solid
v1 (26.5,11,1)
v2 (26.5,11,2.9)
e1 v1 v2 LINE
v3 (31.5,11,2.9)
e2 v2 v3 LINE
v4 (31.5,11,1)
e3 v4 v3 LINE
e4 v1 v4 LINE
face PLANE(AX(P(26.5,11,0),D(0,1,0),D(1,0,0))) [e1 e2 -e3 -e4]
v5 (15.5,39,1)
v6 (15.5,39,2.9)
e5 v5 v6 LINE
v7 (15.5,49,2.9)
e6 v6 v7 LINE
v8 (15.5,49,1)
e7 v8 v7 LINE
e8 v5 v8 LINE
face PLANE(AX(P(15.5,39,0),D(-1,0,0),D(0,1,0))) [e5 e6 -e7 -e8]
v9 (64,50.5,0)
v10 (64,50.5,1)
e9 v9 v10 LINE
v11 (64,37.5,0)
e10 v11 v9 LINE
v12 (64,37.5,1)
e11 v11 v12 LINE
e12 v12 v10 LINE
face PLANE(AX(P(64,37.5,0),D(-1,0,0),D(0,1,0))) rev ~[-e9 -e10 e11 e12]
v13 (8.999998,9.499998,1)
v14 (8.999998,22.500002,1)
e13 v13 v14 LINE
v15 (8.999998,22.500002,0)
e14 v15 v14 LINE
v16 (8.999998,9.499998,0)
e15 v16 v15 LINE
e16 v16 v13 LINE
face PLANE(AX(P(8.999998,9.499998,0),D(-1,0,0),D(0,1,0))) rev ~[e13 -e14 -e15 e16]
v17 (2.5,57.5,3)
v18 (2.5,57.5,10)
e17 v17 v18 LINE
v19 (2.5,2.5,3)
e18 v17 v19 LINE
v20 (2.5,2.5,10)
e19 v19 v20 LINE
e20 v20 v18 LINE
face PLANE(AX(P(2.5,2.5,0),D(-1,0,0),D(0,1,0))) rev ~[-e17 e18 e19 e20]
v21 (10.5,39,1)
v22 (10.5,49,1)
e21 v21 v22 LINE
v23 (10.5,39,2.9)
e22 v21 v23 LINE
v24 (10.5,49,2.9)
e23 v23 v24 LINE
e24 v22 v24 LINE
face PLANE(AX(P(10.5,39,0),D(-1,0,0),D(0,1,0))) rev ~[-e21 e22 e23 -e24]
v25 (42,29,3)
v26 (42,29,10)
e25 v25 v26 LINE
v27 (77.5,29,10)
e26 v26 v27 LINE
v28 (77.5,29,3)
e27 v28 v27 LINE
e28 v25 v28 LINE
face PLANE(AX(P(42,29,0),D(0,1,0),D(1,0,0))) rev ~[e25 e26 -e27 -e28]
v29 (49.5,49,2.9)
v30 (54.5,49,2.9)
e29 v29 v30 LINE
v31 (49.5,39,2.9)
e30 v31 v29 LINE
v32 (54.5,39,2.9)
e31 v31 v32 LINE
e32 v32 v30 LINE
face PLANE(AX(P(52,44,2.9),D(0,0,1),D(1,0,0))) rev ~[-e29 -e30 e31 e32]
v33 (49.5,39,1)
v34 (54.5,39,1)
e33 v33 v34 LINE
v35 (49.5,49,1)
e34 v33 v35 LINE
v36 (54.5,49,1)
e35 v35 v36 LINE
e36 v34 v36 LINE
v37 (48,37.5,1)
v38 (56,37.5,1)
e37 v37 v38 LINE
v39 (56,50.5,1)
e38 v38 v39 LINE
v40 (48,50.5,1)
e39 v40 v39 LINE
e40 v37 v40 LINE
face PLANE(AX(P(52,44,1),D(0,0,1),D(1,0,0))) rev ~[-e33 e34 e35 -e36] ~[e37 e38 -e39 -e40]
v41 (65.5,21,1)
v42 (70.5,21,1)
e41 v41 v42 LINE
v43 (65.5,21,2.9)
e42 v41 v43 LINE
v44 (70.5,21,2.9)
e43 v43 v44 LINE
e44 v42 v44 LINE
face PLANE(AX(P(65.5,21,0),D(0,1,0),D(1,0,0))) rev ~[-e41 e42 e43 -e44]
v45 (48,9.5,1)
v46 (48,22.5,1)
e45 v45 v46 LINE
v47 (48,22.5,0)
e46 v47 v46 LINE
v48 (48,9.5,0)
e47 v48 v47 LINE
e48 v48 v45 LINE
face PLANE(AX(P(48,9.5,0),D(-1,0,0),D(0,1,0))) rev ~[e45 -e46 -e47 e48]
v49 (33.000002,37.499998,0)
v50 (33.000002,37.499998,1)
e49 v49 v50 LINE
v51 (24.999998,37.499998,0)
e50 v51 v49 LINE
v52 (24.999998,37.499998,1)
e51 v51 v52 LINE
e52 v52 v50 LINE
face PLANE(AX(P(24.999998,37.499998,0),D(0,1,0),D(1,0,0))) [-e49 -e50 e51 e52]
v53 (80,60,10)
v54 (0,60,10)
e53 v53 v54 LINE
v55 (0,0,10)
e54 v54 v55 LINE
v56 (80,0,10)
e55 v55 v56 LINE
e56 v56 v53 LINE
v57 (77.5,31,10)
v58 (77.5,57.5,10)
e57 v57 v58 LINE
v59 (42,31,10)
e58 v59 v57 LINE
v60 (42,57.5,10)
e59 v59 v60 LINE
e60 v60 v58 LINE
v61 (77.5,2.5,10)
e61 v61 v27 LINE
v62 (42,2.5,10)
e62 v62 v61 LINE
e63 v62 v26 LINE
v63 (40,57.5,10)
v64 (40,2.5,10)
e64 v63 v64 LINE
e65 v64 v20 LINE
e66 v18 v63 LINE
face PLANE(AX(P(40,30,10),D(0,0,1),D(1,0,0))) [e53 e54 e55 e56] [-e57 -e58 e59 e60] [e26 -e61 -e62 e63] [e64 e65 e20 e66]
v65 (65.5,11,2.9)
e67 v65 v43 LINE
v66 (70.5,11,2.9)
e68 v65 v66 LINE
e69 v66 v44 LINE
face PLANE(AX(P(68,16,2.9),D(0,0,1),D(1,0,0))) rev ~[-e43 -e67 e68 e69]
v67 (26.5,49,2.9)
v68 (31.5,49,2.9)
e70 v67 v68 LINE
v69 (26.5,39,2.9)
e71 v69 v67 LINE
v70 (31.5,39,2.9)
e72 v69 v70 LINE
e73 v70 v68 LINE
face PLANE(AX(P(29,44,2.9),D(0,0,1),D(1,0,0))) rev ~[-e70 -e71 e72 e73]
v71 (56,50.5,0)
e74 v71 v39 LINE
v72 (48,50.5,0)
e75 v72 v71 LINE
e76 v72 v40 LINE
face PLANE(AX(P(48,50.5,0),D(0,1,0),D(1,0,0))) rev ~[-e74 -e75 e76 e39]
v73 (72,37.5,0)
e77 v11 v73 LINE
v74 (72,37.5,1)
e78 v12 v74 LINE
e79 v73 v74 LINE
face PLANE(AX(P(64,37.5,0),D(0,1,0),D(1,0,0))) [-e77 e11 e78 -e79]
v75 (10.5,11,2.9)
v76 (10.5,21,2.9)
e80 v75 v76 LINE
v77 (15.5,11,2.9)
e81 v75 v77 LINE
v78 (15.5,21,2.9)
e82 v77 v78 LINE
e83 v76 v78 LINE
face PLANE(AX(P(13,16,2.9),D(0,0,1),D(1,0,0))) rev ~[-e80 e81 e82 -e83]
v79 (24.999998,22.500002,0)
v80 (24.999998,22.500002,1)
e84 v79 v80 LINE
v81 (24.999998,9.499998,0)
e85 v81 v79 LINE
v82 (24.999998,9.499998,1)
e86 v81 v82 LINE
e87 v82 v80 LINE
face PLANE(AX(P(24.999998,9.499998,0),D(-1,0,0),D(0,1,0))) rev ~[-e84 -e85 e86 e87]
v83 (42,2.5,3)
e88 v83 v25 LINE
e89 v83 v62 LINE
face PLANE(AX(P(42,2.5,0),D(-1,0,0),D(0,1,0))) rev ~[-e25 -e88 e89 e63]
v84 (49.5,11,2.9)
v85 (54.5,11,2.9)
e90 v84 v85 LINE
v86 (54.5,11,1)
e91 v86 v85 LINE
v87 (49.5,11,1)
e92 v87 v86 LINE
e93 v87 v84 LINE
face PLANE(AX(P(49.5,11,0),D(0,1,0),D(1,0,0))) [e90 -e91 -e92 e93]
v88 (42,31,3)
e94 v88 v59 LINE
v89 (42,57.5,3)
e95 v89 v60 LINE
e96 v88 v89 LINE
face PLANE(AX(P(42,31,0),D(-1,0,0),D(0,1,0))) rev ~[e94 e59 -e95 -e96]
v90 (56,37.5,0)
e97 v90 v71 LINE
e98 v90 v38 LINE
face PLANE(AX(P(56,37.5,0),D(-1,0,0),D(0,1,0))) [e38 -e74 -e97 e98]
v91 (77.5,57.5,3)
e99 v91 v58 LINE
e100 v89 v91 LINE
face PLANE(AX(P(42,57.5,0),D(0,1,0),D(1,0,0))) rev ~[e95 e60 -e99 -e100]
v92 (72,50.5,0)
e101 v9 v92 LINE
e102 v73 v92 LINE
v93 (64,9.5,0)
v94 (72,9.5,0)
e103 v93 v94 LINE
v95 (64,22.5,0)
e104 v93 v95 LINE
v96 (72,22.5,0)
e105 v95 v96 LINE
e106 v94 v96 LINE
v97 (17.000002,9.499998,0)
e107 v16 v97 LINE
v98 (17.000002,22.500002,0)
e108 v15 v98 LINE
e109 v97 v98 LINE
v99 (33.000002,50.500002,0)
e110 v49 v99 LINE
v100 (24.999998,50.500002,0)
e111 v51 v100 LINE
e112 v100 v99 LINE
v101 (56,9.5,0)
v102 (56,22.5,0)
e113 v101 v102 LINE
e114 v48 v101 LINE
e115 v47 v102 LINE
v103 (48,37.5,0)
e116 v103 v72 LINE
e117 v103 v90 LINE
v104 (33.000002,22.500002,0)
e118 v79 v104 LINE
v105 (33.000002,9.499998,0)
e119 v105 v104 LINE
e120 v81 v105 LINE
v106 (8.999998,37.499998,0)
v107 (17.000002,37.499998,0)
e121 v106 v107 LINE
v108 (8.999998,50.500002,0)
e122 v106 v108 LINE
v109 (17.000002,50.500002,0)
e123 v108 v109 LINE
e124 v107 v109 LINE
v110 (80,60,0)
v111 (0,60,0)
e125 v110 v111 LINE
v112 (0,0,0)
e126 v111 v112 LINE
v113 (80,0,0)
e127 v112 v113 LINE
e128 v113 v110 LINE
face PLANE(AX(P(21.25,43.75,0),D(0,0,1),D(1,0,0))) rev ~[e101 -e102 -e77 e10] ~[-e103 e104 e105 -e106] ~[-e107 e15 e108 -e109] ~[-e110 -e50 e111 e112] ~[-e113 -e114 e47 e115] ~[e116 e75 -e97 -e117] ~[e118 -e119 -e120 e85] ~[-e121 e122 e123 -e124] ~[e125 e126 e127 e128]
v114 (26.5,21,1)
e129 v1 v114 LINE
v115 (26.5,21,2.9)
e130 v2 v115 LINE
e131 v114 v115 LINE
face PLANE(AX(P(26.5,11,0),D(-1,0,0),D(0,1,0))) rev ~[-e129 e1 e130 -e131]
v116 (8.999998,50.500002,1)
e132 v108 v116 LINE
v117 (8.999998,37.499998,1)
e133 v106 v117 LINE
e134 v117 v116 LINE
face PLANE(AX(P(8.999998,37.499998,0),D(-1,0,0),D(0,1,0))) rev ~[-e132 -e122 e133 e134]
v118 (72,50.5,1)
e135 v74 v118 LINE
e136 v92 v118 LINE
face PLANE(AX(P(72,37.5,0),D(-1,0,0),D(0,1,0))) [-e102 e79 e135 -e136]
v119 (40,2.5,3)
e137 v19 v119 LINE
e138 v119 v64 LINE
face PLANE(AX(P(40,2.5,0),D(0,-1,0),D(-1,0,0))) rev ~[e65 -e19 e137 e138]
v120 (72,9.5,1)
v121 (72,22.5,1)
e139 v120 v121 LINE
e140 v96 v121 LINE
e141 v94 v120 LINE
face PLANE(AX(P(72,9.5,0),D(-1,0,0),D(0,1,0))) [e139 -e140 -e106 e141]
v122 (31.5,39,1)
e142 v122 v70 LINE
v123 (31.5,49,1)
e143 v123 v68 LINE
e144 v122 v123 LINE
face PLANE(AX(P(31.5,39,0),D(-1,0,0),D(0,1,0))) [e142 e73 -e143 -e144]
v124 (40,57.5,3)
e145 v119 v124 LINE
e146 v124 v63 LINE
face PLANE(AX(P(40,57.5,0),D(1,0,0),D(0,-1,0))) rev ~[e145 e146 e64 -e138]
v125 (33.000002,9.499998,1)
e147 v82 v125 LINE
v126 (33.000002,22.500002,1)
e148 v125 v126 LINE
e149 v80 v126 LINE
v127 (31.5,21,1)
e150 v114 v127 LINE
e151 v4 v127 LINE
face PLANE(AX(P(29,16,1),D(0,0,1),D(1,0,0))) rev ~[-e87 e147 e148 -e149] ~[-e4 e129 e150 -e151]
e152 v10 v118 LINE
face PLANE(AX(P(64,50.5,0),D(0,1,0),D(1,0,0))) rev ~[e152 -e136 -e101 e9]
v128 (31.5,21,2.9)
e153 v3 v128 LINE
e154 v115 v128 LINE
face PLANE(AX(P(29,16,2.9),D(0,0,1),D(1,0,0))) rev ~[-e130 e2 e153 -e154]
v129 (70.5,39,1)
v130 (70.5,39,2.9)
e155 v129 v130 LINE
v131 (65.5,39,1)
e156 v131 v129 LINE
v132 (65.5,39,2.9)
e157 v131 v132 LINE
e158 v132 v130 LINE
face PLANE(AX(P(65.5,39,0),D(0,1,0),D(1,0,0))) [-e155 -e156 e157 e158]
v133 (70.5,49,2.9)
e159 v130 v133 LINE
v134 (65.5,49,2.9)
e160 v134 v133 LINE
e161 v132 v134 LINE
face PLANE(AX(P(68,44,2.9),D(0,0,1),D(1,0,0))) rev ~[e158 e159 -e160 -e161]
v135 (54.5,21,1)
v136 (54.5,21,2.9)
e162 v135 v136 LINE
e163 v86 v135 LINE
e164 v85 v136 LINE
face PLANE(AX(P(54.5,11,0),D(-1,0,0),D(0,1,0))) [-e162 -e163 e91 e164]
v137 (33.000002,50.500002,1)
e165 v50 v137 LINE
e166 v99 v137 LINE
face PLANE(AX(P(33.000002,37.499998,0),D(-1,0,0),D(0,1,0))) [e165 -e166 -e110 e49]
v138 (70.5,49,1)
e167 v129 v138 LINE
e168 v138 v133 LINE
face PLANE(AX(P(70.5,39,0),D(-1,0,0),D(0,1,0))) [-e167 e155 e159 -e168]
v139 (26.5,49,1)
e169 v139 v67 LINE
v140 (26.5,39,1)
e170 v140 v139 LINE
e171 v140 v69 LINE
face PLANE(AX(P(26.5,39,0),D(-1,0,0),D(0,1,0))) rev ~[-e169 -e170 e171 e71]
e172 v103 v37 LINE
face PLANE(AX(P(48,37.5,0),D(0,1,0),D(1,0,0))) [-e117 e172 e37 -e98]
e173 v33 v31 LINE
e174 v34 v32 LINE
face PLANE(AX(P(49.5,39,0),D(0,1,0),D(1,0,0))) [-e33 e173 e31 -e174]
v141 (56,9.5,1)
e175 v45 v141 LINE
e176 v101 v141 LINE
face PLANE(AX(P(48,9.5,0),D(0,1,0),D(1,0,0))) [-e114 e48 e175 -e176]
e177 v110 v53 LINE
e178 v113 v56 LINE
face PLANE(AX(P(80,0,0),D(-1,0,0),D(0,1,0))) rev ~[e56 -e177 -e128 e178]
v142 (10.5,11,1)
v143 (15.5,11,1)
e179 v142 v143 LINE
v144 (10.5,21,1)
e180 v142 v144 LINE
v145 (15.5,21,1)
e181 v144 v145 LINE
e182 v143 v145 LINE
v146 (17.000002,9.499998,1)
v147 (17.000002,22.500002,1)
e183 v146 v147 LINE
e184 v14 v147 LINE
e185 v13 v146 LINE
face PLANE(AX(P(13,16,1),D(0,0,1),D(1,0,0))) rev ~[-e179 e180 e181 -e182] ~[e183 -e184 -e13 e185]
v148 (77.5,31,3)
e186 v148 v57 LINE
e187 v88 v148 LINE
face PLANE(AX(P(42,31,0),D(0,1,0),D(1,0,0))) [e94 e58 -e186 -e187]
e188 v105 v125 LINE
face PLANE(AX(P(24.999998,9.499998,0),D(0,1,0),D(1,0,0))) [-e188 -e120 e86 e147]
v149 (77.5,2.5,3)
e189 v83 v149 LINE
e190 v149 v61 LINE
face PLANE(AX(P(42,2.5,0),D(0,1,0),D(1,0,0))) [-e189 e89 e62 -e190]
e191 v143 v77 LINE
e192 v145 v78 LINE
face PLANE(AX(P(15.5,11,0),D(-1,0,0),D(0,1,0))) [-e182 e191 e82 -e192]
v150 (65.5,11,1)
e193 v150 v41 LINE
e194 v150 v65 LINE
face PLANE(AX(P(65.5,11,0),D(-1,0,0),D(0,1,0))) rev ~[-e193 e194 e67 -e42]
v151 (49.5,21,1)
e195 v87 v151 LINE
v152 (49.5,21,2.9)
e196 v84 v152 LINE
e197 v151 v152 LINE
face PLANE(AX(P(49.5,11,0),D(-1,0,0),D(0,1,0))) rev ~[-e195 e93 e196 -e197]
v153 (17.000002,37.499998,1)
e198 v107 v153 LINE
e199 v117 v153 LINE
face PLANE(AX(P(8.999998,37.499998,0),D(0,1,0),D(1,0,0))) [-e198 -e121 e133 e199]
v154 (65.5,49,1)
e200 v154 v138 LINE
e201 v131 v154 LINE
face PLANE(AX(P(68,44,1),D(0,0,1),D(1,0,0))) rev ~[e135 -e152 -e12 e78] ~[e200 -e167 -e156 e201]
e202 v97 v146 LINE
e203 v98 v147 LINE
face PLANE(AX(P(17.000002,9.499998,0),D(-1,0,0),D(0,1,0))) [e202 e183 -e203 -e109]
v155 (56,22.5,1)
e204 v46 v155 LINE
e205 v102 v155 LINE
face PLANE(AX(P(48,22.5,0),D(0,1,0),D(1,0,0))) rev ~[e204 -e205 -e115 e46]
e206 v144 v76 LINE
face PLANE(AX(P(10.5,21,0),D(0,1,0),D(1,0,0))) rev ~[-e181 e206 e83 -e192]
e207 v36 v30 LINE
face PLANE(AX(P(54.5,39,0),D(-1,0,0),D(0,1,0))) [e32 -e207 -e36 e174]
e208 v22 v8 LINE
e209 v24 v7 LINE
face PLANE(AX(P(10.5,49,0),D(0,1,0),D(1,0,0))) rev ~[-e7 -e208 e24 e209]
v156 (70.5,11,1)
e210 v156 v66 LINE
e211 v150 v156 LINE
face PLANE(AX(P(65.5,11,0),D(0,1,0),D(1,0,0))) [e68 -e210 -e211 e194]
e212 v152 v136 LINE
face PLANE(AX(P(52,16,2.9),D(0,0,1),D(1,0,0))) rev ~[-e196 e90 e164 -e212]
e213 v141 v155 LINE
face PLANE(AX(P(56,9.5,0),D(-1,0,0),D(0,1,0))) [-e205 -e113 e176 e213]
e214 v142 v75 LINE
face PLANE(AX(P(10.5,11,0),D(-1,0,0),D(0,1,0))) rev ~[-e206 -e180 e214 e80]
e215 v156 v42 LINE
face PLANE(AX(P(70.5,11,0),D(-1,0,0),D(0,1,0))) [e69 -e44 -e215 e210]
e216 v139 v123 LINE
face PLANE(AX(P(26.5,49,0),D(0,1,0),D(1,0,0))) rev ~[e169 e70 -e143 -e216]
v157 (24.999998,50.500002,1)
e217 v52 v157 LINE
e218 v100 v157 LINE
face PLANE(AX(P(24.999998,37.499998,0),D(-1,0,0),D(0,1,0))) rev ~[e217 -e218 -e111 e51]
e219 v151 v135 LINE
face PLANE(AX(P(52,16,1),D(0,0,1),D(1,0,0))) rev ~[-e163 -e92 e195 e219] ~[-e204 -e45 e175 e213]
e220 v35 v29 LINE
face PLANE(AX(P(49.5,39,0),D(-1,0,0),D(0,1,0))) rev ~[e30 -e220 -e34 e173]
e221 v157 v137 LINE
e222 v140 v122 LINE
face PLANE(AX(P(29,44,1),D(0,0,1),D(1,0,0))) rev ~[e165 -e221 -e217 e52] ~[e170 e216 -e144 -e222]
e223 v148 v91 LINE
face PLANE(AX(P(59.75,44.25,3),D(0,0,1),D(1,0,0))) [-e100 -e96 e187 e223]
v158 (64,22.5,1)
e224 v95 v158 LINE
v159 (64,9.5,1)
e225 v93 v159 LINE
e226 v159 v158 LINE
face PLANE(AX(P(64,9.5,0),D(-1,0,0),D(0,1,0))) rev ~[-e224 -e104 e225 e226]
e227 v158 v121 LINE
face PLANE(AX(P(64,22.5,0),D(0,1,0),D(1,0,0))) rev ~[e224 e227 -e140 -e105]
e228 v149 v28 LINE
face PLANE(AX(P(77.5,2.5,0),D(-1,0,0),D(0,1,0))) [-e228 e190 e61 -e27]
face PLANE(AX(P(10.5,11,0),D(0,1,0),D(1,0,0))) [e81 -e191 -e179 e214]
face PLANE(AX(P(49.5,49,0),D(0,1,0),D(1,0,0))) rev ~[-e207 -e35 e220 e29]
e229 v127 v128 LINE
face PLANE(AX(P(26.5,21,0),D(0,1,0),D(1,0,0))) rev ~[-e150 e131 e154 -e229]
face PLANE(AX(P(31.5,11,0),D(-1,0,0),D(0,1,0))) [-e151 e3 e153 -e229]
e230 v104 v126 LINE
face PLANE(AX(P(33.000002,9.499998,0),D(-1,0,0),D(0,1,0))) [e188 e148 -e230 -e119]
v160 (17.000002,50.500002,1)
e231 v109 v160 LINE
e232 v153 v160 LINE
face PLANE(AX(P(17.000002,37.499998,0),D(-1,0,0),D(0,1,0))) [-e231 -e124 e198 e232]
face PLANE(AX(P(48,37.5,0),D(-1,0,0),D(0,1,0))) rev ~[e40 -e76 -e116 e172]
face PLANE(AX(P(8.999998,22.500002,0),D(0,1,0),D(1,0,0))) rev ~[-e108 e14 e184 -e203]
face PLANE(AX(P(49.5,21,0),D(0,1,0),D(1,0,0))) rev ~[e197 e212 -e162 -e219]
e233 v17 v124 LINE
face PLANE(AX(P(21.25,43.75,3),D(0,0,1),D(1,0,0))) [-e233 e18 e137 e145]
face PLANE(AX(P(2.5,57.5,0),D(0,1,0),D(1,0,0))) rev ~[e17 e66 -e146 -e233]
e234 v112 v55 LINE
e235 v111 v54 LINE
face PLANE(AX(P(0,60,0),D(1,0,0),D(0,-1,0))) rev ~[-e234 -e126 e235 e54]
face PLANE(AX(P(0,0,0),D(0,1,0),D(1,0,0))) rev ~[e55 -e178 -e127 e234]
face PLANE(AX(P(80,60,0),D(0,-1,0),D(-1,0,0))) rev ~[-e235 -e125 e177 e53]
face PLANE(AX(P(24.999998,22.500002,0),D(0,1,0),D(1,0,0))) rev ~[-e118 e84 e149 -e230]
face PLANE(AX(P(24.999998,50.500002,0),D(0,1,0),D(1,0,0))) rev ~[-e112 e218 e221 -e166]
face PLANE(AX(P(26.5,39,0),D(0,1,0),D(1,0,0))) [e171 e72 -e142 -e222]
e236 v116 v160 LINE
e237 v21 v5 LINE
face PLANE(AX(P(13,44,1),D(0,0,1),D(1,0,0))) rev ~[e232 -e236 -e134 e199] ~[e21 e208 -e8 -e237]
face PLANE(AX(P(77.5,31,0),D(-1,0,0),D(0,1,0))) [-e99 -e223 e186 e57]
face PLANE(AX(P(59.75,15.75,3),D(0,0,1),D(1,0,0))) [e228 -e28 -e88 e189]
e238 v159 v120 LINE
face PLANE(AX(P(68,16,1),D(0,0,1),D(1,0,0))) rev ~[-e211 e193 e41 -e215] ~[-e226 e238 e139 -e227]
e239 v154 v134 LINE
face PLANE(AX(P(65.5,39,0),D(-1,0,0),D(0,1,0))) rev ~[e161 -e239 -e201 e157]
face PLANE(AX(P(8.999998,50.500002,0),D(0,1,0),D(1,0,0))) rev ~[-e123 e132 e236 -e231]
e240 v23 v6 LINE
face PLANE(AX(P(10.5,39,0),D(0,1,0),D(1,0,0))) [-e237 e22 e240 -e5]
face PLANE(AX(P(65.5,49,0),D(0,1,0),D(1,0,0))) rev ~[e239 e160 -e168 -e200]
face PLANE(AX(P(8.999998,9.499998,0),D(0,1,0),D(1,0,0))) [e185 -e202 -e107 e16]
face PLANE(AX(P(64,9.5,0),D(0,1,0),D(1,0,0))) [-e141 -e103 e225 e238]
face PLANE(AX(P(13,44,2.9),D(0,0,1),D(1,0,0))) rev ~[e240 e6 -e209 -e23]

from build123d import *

# Parameters (mm, degrees)
F0_W     = 35.5
F0_H     = 26.5
F1_DEPTH = 10
F0_W_2   = 37.5
F0_H_2   = 27.5
F0_W_3   = 8.0000035167
F0_H_3   = 13.0000035167
F0_W_4   = 8
F0_H_4   = 13
F0_W_5   = 5
F0_H_5   = 10
F2_DEPTH = 3
F3_DEPTH = 1
F4_DEPTH = 2.9


with BuildPart() as f1:
    # F0 (on Top) → F1 (new body)
    with BuildSketch(Plane.XY):
        Polygon((0, 30), (0, 0), (80, 0), (80, 60), (0, 60), align=None)
        with Locations((59.75, 15.75)):
            Rectangle(F0_W, F0_H, mode=Mode.SUBTRACT)
        Polygon((2.5, 57.5), (40, 57.5), (40, 30), (40, 2.5), (2.5, 2.5), (2.5, 30), align=None, mode=Mode.SUBTRACT)
        with Locations((59.75, 44.25)):
            Rectangle(F0_W, F0_H, mode=Mode.SUBTRACT)
    extrude(amount=F1_DEPTH)

    # F0 (on Top) → F2 (join)
    with BuildSketch(Plane.XY):
        with Locations((21.25, 43.75)):
            Rectangle(F0_W_2, F0_H_2)
        with Locations((13, 44)):
            Rectangle(F0_W_3, F0_H_3, mode=Mode.SUBTRACT)
        with Locations((29, 44)):
            Rectangle(F0_W_3, F0_H_3, mode=Mode.SUBTRACT)
        with Locations((21.25, 16.25)):
            Rectangle(F0_W_2, F0_H_2)
        with Locations((13, 16)):
            Rectangle(F0_W_3, F0_H_3, mode=Mode.SUBTRACT)
        with Locations((29, 16)):
            Rectangle(F0_W_3, F0_H_3, mode=Mode.SUBTRACT)
        with Locations((59.75, 44.25)):
            Rectangle(F0_W, F0_H)
        with Locations((52, 44)):
            Rectangle(F0_W_4, F0_H_4, mode=Mode.SUBTRACT)
        with Locations((68, 44)):
            Rectangle(F0_W_4, F0_H_4, mode=Mode.SUBTRACT)
        with Locations((59.75, 15.75)):
            Rectangle(F0_W, F0_H)
        with Locations((52, 16)):
            Rectangle(F0_W_4, F0_H_4, mode=Mode.SUBTRACT)
        with Locations((68, 16)):
            Rectangle(F0_W_4, F0_H_4, mode=Mode.SUBTRACT)
        with Locations((13, 44)):
            Rectangle(F0_W_3, F0_H_3)
        with Locations((13, 44)):
            Rectangle(F0_W_5, F0_H_5, mode=Mode.SUBTRACT)
        with Locations((29, 44)):
            Rectangle(F0_W_3, F0_H_3)
        with Locations((29, 44)):
            Rectangle(F0_W_5, F0_H_5, mode=Mode.SUBTRACT)
        with Locations((29, 16)):
            Rectangle(F0_W_3, F0_H_3)
        with Locations((29, 16)):
            Rectangle(F0_W_5, F0_H_5, mode=Mode.SUBTRACT)
        with Locations((13, 16)):
            Rectangle(F0_W_3, F0_H_3)
        with Locations((13, 16)):
            Rectangle(F0_W_5, F0_H_5, mode=Mode.SUBTRACT)
        with Locations((52, 44)):
            Rectangle(F0_W_4, F0_H_4)
        with Locations((52, 44)):
            Rectangle(F0_W_5, F0_H_5, mode=Mode.SUBTRACT)
        with Locations((68, 44)):
            Rectangle(F0_W_4, F0_H_4)
        with Locations((68, 44)):
            Rectangle(F0_W_5, F0_H_5, mode=Mode.SUBTRACT)
        with Locations((68, 16)):
            Rectangle(F0_W_4, F0_H_4)
        with Locations((68, 16)):
            Rectangle(F0_W_5, F0_H_5, mode=Mode.SUBTRACT)
        with Locations((52, 16)):
            Rectangle(F0_W_4, F0_H_4)
        with Locations((52, 16)):
            Rectangle(F0_W_5, F0_H_5, mode=Mode.SUBTRACT)
        with Locations((13, 44)):
            Rectangle(F0_W_5, F0_H_5)
        with Locations((29, 44)):
            Rectangle(F0_W_5, F0_H_5)
        with Locations((52, 44)):
            Rectangle(F0_W_5, F0_H_5)
        with Locations((68, 44)):
            Rectangle(F0_W_5, F0_H_5)
        with Locations((68, 16)):
            Rectangle(F0_W_5, F0_H_5)
        with Locations((52, 16)):
            Rectangle(F0_W_5, F0_H_5)
        with Locations((29, 16)):
            Rectangle(F0_W_5, F0_H_5)
        with Locations((13, 16)):
            Rectangle(F0_W_5, F0_H_5)
    extrude(amount=F2_DEPTH)

    # F0 (on Top) → F3 (cut)
    with BuildSketch(Plane.XY):
        with Locations((68, 44)):
            Rectangle(F0_W_4, F0_H_4)
        with Locations((68, 44)):
            Rectangle(F0_W_5, F0_H_5, mode=Mode.SUBTRACT)
        with Locations((52, 44)):
            Rectangle(F0_W_4, F0_H_4)
        with Locations((52, 44)):
            Rectangle(F0_W_5, F0_H_5, mode=Mode.SUBTRACT)
        with Locations((52, 16)):
            Rectangle(F0_W_4, F0_H_4)
        with Locations((52, 16)):
            Rectangle(F0_W_5, F0_H_5, mode=Mode.SUBTRACT)
        with Locations((68, 16)):
            Rectangle(F0_W_4, F0_H_4)
        with Locations((68, 16)):
            Rectangle(F0_W_5, F0_H_5, mode=Mode.SUBTRACT)
        with Locations((29, 44)):
            Rectangle(F0_W_3, F0_H_3)
        with Locations((29, 44)):
            Rectangle(F0_W_5, F0_H_5, mode=Mode.SUBTRACT)
        with Locations((13, 44)):
            Rectangle(F0_W_3, F0_H_3)
        with Locations((13, 44)):
            Rectangle(F0_W_5, F0_H_5, mode=Mode.SUBTRACT)
        with Locations((13, 16)):
            Rectangle(F0_W_3, F0_H_3)
        with Locations((13, 16)):
            Rectangle(F0_W_5, F0_H_5, mode=Mode.SUBTRACT)
        with Locations((29, 16)):
            Rectangle(F0_W_3, F0_H_3)
        with Locations((29, 16)):
            Rectangle(F0_W_5, F0_H_5, mode=Mode.SUBTRACT)
    extrude(amount=F3_DEPTH, mode=Mode.SUBTRACT)

    # F0 (on Top) → F4 (cut)
    with BuildSketch(Plane.XY):
        with Locations((68, 44)):
            Rectangle(F0_W_5, F0_H_5)
        with Locations((52, 44)):
            Rectangle(F0_W_5, F0_H_5)
        with Locations((29, 44)):
            Rectangle(F0_W_5, F0_H_5)
        with Locations((13, 44)):
            Rectangle(F0_W_5, F0_H_5)
        with Locations((13, 16)):
            Rectangle(F0_W_5, F0_H_5)
        with Locations((29, 16)):
            Rectangle(F0_W_5, F0_H_5)
        with Locations((52, 16)):
            Rectangle(F0_W_5, F0_H_5)
        with Locations((68, 16)):
            Rectangle(F0_W_5, F0_H_5)
    extrude(amount=F4_DEPTH, mode=Mode.SUBTRACT)


solid = f1.part
